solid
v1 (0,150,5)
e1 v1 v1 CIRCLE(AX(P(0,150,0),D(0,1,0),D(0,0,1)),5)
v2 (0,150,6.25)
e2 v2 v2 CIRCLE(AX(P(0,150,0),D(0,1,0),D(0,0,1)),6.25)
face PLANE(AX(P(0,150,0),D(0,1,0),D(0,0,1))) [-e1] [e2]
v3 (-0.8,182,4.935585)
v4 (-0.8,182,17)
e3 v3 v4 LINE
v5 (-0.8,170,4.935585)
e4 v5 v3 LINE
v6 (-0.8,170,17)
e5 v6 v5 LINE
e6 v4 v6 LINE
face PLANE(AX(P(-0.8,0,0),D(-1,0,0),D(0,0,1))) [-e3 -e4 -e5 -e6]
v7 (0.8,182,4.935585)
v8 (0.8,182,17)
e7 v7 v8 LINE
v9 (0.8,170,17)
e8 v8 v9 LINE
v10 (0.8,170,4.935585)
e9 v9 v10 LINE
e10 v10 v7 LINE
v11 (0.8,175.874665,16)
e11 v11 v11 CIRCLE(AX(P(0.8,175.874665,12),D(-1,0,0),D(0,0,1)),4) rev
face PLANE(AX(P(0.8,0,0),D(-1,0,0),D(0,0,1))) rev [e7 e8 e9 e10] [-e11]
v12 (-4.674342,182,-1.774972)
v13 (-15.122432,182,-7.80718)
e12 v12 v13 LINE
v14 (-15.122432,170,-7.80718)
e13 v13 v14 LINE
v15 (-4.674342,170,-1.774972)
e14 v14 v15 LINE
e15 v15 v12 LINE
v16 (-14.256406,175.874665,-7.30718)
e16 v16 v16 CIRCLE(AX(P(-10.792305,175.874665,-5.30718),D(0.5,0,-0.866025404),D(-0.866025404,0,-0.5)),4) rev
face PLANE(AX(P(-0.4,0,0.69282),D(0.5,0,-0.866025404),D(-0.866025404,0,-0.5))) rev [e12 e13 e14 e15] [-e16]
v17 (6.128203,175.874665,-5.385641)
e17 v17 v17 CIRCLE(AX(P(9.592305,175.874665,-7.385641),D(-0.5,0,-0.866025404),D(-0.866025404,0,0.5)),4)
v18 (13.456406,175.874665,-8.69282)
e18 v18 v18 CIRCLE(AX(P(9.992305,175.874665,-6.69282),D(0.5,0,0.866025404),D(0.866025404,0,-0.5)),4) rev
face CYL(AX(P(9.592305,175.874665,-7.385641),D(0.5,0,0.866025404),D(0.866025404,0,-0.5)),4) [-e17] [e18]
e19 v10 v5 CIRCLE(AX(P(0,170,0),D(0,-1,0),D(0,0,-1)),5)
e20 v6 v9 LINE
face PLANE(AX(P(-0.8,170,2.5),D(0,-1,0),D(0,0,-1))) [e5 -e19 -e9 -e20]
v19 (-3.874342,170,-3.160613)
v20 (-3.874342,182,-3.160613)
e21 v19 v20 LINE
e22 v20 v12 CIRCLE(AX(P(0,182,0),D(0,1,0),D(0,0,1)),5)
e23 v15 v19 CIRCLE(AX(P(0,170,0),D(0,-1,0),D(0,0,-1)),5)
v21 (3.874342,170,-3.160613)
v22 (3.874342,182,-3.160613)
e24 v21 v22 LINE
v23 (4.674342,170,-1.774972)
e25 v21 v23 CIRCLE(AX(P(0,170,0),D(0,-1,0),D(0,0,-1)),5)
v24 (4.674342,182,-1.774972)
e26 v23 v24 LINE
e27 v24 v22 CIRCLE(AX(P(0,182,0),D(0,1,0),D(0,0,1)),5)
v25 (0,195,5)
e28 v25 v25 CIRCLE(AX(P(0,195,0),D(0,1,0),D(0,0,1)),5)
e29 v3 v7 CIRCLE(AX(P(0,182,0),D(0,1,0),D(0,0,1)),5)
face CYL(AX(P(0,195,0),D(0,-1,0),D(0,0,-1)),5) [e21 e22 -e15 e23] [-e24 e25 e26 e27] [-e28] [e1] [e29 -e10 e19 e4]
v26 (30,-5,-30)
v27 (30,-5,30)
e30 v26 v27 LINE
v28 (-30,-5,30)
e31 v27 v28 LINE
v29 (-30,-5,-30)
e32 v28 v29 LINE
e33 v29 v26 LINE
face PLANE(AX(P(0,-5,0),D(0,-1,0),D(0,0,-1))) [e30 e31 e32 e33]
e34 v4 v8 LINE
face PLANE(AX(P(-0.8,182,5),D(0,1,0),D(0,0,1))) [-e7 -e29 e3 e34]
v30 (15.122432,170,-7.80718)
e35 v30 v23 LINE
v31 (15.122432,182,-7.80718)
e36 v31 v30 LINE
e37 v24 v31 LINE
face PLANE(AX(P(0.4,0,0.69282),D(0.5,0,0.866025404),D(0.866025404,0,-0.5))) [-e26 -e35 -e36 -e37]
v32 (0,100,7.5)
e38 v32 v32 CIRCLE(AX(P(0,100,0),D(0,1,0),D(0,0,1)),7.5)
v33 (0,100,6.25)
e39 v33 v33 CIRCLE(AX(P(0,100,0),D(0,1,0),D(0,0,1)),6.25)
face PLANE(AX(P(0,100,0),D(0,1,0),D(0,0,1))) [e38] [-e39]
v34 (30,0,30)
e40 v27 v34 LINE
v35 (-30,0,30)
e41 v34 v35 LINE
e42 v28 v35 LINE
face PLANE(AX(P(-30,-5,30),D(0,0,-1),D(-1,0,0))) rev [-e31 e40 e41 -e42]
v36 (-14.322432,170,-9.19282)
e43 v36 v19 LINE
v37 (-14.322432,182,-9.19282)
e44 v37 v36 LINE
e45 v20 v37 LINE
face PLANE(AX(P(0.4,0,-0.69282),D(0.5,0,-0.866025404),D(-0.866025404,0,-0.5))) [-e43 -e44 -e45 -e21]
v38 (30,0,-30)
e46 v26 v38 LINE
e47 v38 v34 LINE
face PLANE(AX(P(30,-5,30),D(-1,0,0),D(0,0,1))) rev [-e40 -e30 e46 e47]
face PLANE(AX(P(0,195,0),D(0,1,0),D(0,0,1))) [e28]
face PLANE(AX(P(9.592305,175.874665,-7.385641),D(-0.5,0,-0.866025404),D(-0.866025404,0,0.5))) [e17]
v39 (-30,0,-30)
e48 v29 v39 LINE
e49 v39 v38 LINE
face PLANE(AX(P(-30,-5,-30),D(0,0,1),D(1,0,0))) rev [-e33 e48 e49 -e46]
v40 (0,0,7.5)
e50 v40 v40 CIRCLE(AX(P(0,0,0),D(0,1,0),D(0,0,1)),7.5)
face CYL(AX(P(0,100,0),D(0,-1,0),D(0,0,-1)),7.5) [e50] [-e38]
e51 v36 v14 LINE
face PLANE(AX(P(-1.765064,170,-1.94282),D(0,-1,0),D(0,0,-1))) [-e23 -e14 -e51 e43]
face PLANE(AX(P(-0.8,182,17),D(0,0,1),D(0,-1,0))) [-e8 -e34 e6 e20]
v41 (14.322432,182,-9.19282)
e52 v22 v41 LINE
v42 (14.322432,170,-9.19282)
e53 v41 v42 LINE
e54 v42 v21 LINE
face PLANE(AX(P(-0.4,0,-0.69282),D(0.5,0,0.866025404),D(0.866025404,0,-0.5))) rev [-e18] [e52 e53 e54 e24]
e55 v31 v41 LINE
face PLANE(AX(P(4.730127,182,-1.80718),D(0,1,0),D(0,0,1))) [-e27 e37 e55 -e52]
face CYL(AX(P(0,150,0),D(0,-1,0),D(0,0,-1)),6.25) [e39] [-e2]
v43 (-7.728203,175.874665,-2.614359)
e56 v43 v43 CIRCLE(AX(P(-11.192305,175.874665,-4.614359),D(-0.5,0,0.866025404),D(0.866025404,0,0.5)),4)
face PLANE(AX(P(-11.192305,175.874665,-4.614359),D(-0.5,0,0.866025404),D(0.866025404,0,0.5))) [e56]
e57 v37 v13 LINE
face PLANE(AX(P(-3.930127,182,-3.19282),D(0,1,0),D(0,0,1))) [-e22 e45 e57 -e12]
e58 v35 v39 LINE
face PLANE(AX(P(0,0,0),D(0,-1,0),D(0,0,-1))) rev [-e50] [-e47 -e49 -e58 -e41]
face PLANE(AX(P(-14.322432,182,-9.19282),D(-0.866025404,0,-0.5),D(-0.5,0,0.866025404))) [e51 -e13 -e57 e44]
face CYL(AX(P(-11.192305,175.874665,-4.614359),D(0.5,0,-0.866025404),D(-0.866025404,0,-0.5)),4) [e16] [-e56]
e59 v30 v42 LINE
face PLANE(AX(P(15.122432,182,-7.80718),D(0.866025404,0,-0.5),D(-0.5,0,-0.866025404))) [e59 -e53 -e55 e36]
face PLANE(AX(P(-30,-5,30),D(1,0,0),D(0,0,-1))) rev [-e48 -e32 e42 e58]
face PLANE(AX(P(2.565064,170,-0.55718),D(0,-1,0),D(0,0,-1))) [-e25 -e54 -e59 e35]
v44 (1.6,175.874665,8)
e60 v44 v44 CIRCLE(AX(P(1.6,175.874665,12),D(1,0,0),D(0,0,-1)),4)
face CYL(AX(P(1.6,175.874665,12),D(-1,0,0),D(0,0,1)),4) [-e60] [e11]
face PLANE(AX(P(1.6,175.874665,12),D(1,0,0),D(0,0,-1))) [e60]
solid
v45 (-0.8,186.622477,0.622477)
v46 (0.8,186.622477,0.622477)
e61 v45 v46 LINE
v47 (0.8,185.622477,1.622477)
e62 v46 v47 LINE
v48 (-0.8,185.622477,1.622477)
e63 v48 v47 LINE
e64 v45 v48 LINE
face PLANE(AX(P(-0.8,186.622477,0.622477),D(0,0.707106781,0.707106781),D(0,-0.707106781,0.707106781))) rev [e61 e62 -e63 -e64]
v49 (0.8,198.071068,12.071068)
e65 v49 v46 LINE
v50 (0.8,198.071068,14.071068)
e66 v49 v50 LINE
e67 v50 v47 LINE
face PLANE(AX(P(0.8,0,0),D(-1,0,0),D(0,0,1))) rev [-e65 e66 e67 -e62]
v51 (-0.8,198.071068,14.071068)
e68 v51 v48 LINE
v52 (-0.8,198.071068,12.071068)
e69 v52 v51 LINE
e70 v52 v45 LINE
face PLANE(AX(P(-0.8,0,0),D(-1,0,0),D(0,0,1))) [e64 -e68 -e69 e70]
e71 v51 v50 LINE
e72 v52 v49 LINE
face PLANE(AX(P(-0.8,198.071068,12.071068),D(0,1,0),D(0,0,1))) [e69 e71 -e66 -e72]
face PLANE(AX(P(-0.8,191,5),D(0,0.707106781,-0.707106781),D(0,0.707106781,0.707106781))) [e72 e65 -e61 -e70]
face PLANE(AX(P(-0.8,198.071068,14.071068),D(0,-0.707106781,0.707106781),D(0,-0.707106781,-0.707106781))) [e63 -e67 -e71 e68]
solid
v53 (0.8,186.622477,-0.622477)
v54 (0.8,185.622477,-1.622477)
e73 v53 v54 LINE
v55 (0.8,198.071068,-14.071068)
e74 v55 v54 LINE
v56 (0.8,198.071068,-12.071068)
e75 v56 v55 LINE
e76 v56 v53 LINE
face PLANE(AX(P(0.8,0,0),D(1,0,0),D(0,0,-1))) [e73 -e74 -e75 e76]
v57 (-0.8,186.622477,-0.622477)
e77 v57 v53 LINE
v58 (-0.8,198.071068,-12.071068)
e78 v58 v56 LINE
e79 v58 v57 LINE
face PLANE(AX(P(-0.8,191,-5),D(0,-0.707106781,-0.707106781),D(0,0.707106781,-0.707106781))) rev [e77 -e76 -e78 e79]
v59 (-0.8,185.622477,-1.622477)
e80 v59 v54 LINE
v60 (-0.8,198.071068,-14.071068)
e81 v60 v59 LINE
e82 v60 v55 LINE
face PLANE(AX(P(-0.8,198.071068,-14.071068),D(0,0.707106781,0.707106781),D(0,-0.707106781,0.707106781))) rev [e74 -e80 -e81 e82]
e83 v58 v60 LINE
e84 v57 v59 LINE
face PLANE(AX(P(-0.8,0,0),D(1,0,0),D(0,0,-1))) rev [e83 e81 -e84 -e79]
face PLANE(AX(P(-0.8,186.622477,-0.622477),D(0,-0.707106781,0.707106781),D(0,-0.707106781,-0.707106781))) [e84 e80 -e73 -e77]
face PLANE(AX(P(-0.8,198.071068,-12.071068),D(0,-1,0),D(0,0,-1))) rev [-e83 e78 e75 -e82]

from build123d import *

# Parameters (mm, degrees)
SKETCH1_R                  = 7.5
BOSS_EXTRUDE1_DEPTH        = 100
SKETCH2_R                  = 6.25
BOSS_EXTRUDE2_DEPTH        = 50
SKETCH3_W                  = 60
SKETCH3_H                  = 60
BOSS_EXTRUDE3_DEPTH        = 5
SKETCH4_R                  = 5
BOSS_EXTRUDE4_DEPTH        = 45
BOSS_EXTRUDE5_DEPTH        = 0.8
SKETCH6_R                  = 4
BOSS_EXTRUDE6_DEPTH        = 0.8
CIRPATTERN2_COUNT          = 3
BOSS_EXTRUDE7_DEPTH        = 0.8
BOSS_EXTRUDE7_DEPTH_BACK   = 0.8
BOSS_EXTRUDE7_2_DEPTH      = 0.8
BOSS_EXTRUDE7_2_DEPTH_BACK = 0.8


with BuildPart() as part:
    # Sketch1 → Boss-Extrude1 (new body)
    with BuildSketch(Plane(origin=(0, 0, 0), x_dir=(1, 0, 0), z_dir=(0, 1, 0))):
        Circle(SKETCH1_R)
    extrude(amount=BOSS_EXTRUDE1_DEPTH)

    # Sketch2 → Boss-Extrude2 (add)
    with BuildSketch(Plane(origin=(0, 100, 0), x_dir=(1, 0, 0), z_dir=(0, 1, 0))):
        Circle(SKETCH2_R)
    extrude(amount=BOSS_EXTRUDE2_DEPTH)

    # Sketch3 → Boss-Extrude3 (add)
    with BuildSketch(Plane.XZ):
        Rectangle(SKETCH3_W, SKETCH3_H)
    extrude(amount=BOSS_EXTRUDE3_DEPTH)

    # Sketch4 → Boss-Extrude4 (add)
    with BuildSketch(Plane(origin=(0, 150, 0), x_dir=(1, 0, 0), z_dir=(0, 1, 0))):
        Circle(SKETCH4_R)
    extrude(amount=BOSS_EXTRUDE4_DEPTH)

    # Sketch5 → Boss-Extrude5 (add, symmetric)
    with BuildSketch(Plane(origin=(0, 0, 0), x_dir=(0, 0, -1), z_dir=(1, 0, 0))):
        Polygon((-5, 182), (-17, 182), (-17, 170), (-5, 170), (-2.5, 170), (-2.5, 182), align=None)
    boss_extrude5 = extrude(amount=BOSS_EXTRUDE5_DEPTH, both=True)

    # Sketch6 → Boss-Extrude6 (add)
    with BuildSketch(Plane(origin=(0.8, 0, 0), x_dir=(0, 0, -1), z_dir=(1, 0, 0))):
        with Locations((-12, 175.874664873)):
            Circle(SKETCH6_R)
    boss_extrude6 = extrude(amount=BOSS_EXTRUDE6_DEPTH)

    # CirPattern2: Boss-Extrude5, Boss-Extrude6 ×3 about axis
    cirpattern2_axis = Axis((0, 195, 0), (0, 1, 0))
    add([boss_extrude5.rotate(cirpattern2_axis, i * 360 / CIRPATTERN2_COUNT) for i in range(1, CIRPATTERN2_COUNT)])
    add([boss_extrude6.rotate(cirpattern2_axis, i * 360 / CIRPATTERN2_COUNT) for i in range(1, CIRPATTERN2_COUNT)])


with BuildPart() as body_2:
    # Sketch7 → Boss-Extrude7 (new, two sides: drawn at the far end of the back side and taken through both)
    with BuildSketch(Plane(origin=(0, 0, 0), x_dir=(0, 0, -1), z_dir=(1, 0, 0)).offset(-BOSS_EXTRUDE7_DEPTH_BACK)):
        Polygon((-0.622477317, 186.622477317), (-12.071067812, 198.071067812), (-14.071067812, 198.071067812), (-1.622477317, 185.622477317), align=None)
    extrude(amount=BOSS_EXTRUDE7_DEPTH + BOSS_EXTRUDE7_DEPTH_BACK)


with BuildPart() as body_3:
    # Sketch7 → Boss-Extrude7 2 (new, two sides: drawn at the far end of the back side and taken through both)
    with BuildSketch(Plane(origin=(0, 0, 0), x_dir=(0, 0, -1), z_dir=(1, 0, 0)).offset(-BOSS_EXTRUDE7_2_DEPTH_BACK)):
        Polygon((12.071067812, 198.071067812), (0.622477317, 186.622477317), (1.622477317, 185.622477317), (14.071067812, 198.071067812), align=None)
    extrude(amount=BOSS_EXTRUDE7_2_DEPTH + BOSS_EXTRUDE7_2_DEPTH_BACK)


solid = Compound([part.part, body_2.part, body_3.part])
